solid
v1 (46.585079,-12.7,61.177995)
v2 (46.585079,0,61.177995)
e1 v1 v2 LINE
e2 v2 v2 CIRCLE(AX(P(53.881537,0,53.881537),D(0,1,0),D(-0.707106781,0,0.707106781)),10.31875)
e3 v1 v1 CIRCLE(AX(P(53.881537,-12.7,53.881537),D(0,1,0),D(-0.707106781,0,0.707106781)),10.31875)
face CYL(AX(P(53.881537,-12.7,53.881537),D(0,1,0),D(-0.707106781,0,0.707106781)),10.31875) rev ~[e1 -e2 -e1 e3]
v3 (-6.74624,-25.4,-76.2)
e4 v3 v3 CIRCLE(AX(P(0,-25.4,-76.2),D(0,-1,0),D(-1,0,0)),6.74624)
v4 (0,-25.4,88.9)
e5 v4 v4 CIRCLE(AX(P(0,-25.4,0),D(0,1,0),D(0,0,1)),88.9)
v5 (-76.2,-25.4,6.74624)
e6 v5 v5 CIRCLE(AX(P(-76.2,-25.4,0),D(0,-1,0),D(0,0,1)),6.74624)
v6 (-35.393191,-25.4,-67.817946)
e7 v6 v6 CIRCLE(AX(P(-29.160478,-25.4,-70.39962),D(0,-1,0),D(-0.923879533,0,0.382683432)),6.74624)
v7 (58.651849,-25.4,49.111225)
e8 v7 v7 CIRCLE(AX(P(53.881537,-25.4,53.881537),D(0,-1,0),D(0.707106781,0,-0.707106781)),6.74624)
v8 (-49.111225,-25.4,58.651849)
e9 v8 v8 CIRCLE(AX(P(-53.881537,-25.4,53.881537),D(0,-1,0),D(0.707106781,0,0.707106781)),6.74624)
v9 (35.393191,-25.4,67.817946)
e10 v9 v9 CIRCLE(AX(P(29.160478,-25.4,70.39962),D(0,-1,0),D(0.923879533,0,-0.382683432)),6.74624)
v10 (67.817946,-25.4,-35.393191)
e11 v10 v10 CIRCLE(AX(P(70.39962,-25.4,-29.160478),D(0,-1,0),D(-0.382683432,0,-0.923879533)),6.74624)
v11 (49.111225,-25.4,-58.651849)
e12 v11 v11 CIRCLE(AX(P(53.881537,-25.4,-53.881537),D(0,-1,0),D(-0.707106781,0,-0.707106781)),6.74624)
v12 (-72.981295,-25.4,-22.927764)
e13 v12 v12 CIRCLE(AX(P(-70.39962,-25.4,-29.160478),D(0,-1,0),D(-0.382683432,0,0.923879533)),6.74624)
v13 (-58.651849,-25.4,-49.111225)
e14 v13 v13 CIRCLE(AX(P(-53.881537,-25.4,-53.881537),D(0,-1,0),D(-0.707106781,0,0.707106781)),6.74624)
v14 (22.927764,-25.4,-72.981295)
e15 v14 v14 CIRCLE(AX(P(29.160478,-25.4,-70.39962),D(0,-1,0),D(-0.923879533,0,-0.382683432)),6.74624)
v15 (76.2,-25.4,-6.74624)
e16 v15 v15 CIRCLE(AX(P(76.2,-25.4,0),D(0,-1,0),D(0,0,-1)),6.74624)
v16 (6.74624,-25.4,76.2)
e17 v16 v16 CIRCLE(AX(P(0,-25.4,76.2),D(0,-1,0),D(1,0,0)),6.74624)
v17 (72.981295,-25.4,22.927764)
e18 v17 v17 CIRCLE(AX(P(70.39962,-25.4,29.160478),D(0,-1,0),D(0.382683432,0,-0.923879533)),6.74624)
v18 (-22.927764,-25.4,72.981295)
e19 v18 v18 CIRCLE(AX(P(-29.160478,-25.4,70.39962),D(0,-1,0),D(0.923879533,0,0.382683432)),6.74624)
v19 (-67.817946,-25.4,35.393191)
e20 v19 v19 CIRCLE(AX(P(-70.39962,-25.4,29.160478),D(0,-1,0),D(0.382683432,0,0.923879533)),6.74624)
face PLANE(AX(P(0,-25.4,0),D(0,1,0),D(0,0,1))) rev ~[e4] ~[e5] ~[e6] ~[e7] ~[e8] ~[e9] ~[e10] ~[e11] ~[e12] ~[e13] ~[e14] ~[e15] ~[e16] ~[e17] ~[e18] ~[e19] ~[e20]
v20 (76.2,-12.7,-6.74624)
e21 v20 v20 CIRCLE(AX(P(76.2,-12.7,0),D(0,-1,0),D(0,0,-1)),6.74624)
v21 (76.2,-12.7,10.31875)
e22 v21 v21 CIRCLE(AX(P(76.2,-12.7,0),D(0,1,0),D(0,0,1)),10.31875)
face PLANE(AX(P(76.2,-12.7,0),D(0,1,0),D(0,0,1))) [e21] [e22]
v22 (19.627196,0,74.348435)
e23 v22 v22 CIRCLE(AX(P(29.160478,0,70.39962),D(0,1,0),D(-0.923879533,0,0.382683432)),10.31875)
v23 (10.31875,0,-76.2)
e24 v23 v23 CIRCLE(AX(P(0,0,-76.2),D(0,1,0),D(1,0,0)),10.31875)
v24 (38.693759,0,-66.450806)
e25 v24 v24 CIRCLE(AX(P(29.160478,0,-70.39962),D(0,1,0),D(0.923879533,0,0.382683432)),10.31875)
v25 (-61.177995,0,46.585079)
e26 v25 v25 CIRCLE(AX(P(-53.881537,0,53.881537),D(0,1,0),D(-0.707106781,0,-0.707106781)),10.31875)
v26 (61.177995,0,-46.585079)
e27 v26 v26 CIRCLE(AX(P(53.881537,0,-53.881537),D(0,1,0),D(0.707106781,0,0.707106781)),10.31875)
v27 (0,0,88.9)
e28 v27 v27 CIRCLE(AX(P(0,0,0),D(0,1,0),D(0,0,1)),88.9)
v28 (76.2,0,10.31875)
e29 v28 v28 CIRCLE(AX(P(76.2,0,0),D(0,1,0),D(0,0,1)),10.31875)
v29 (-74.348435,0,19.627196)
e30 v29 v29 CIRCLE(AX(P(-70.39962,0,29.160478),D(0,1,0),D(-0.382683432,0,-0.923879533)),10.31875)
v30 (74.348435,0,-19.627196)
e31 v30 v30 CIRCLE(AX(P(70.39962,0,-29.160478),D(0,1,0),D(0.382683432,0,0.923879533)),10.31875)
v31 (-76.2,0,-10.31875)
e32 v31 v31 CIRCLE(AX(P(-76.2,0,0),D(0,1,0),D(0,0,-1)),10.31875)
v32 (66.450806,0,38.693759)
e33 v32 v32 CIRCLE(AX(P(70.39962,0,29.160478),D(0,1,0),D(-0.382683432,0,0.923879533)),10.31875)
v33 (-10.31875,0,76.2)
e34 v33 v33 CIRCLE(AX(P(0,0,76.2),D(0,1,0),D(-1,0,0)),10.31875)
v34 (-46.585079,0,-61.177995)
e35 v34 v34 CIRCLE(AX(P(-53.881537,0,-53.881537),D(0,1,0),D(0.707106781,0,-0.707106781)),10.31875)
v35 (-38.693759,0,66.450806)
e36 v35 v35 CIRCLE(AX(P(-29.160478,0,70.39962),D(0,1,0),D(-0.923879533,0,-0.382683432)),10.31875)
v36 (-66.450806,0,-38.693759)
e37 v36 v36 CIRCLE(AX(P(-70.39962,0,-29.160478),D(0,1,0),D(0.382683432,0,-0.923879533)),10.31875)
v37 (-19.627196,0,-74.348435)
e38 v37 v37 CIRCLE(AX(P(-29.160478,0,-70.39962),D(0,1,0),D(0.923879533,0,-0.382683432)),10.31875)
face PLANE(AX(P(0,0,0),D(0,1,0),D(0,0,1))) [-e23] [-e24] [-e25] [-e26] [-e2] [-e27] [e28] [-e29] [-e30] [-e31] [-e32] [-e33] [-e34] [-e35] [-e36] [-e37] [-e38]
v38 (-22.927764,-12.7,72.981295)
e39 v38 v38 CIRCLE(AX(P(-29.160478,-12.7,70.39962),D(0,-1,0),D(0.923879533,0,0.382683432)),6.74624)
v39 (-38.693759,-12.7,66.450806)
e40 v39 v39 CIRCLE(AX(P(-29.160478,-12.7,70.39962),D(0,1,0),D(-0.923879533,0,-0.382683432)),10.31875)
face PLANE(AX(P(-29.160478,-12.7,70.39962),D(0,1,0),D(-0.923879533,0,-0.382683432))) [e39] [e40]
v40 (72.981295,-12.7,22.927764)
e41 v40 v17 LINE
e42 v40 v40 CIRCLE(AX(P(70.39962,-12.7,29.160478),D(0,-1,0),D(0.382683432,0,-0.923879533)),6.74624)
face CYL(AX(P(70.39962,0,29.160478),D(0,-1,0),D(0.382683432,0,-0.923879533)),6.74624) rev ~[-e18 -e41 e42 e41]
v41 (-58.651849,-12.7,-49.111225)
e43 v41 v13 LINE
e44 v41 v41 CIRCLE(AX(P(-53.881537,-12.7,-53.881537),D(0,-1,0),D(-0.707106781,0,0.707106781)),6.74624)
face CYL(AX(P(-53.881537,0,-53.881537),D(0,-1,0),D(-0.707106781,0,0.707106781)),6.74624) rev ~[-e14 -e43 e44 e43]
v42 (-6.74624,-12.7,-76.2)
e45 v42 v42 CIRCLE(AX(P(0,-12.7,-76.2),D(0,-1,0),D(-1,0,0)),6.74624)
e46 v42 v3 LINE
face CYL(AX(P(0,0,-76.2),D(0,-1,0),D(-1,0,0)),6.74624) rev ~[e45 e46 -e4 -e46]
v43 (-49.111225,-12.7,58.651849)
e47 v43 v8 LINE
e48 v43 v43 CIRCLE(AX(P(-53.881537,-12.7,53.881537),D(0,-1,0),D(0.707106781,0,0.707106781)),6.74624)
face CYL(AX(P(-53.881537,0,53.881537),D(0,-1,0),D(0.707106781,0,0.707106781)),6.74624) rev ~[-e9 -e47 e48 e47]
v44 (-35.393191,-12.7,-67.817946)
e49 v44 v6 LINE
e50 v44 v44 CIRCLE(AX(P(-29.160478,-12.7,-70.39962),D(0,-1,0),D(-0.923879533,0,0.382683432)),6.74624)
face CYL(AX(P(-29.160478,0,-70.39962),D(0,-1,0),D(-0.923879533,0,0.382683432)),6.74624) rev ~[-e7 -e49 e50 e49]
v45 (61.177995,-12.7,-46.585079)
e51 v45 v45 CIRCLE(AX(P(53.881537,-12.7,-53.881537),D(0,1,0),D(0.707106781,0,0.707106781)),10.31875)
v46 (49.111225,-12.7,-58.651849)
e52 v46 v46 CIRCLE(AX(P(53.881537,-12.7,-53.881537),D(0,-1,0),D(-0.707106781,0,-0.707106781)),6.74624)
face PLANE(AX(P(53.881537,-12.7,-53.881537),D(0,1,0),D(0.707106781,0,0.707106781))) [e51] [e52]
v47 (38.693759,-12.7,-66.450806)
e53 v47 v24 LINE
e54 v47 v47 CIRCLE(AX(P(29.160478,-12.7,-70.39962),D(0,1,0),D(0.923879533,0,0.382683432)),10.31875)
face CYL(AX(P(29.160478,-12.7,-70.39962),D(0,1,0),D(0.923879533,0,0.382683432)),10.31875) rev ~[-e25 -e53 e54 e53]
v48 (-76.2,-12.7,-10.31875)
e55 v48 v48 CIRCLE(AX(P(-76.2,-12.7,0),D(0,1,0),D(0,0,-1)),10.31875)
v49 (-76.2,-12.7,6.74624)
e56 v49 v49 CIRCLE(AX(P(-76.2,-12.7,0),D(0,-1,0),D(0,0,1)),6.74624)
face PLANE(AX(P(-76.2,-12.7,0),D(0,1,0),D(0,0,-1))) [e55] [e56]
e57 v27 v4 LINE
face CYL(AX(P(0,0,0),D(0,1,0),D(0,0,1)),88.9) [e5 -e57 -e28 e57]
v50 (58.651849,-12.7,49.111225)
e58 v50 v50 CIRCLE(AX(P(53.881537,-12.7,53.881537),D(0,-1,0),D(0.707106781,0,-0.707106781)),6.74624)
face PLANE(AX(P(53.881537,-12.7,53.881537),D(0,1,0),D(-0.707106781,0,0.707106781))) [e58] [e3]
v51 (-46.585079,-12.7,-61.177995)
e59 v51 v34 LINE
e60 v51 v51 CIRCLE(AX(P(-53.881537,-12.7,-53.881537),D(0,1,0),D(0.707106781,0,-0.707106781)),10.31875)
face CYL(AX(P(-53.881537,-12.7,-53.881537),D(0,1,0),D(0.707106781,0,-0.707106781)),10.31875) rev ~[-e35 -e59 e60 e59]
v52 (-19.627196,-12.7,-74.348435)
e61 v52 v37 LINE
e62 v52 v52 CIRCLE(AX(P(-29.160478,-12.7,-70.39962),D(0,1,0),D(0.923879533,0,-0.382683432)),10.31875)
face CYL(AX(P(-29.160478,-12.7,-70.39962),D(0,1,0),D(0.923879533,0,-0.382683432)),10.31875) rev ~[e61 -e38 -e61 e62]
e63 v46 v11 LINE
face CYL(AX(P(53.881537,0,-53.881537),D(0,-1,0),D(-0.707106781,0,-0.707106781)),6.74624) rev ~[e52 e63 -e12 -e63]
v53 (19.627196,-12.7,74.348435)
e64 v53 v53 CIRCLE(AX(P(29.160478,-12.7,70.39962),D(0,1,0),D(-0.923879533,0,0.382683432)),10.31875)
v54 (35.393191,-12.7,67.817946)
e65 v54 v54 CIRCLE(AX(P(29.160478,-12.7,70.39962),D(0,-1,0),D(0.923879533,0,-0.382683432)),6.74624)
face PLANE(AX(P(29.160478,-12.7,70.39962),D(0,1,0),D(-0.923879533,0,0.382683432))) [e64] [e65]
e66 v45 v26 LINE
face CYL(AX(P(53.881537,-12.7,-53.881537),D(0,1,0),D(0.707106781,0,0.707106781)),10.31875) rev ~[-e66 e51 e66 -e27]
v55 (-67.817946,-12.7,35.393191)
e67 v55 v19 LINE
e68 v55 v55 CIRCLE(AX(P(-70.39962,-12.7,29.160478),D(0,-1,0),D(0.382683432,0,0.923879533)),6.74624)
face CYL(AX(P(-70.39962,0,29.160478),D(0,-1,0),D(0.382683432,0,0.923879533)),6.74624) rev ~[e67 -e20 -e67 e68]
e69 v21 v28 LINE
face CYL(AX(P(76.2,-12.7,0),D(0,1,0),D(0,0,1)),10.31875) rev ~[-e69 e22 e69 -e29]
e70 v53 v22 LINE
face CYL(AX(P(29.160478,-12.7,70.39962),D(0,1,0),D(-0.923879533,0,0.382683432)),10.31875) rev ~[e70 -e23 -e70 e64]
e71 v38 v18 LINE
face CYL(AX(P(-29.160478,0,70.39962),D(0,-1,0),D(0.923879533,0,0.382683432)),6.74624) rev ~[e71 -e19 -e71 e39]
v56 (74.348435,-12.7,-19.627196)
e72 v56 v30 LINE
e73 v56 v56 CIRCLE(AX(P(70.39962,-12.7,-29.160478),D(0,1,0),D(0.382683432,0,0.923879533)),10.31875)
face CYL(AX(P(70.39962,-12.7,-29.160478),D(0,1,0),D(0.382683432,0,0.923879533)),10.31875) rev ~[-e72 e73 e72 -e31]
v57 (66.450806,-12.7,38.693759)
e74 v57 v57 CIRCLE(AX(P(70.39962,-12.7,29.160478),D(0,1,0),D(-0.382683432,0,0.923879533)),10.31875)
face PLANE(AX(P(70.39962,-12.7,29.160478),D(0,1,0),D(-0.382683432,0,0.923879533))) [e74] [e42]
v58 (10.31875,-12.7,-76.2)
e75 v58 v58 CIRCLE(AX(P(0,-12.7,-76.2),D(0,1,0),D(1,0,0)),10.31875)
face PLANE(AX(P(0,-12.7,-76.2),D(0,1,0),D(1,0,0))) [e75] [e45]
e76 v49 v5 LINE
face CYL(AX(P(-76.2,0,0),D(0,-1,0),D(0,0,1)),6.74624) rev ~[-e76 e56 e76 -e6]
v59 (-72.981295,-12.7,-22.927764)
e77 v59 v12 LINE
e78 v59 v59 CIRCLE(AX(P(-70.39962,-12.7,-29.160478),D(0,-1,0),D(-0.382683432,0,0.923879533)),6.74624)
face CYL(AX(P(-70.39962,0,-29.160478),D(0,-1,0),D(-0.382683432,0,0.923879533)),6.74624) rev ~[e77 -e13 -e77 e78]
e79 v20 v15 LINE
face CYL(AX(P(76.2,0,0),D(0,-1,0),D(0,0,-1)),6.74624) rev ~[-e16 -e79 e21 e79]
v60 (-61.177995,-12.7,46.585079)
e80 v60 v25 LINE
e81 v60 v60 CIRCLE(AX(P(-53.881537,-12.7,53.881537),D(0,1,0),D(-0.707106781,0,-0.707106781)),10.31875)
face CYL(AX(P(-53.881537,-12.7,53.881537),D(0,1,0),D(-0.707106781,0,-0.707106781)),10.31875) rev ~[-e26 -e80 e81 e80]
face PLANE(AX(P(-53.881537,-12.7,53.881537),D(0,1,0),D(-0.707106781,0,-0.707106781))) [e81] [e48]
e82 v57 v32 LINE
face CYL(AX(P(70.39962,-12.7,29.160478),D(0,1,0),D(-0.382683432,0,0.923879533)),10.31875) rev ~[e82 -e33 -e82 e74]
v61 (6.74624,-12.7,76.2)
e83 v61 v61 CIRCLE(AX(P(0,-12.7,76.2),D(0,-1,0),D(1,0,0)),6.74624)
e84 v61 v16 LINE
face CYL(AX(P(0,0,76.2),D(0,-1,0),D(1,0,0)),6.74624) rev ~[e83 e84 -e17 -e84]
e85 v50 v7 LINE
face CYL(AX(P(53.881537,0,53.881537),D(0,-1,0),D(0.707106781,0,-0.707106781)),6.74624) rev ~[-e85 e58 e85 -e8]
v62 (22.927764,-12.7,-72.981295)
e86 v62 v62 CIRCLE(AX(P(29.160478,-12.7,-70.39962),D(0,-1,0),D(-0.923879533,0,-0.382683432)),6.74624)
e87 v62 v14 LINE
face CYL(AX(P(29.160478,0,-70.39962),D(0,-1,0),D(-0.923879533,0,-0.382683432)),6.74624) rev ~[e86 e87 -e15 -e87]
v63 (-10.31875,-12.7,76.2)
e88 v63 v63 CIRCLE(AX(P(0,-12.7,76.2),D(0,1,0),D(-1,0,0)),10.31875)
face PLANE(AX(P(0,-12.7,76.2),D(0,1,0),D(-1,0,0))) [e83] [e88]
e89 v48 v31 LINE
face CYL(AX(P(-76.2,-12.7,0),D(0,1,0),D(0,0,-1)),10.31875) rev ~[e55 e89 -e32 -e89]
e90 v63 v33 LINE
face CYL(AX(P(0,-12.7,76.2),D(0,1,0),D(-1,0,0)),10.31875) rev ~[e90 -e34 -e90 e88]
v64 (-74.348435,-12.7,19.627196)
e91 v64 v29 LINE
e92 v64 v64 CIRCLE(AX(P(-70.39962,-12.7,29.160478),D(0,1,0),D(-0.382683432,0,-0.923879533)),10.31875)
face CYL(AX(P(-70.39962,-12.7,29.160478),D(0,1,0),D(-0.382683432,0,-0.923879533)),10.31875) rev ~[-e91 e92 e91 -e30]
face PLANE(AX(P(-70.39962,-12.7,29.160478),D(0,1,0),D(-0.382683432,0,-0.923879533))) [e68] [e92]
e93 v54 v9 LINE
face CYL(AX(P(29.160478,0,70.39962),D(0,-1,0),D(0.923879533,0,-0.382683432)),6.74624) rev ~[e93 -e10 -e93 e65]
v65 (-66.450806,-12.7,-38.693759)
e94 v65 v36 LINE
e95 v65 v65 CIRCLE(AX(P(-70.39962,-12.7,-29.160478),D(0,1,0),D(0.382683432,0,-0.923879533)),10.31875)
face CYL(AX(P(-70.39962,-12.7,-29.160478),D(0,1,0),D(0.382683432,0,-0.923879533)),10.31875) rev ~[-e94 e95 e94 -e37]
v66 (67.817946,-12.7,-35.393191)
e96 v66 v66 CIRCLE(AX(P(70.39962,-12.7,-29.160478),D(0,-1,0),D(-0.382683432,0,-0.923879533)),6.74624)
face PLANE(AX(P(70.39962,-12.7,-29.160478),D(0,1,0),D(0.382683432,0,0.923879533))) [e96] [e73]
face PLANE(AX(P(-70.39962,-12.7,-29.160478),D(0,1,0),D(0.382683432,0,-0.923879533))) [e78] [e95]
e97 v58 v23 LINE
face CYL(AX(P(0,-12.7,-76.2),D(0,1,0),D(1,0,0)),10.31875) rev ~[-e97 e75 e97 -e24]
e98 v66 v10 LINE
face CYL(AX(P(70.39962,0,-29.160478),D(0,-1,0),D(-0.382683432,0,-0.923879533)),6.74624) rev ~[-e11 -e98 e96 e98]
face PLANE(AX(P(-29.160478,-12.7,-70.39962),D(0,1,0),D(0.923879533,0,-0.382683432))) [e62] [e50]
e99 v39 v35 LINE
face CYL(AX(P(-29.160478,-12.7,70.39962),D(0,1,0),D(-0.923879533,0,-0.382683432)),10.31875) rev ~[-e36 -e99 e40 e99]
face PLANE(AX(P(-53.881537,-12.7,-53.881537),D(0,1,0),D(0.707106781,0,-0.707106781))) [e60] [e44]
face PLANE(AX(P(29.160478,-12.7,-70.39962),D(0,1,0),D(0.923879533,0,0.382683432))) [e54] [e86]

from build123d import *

# Parameters (mm, degrees)
SKETCH1_R                                        = 88.9
BOSS_EXTRUDE1_DEPTH                              = 25.4
CBORE_FOR_1_2_SOCKET_HEAD_CAP_SCREW1_D           = 13.49248
CBORE_FOR_1_2_SOCKET_HEAD_CAP_SCREW1_CBORE_D     = 20.6375
CBORE_FOR_1_2_SOCKET_HEAD_CAP_SCREW1_CBORE_DEPTH = 12.7
CIRPATTERN1_COUNT                                = 16


with BuildPart() as part:
    # Sketch1 → Boss-Extrude1 (new body)
    with BuildSketch(Plane(origin=(0, 0, 0), x_dir=(1, 0, 0), z_dir=(0, 1, 0))):
        with Locations(Location((0, 0, 0), (0, 0, 270))):
            Circle(SKETCH1_R)
    extrude(amount=-BOSS_EXTRUDE1_DEPTH)

    # CBORE for 1/2 Socket Head Cap Screw1 (through all)
    with Locations(Plane(origin=(0, 0, 0), x_dir=(1, 0, 0), z_dir=(0, 1, 0))):
        with Locations((0, 76.2)):
            cbore_for_1_2_socket_head_cap_screw1 = CounterBoreHole(CBORE_FOR_1_2_SOCKET_HEAD_CAP_SCREW1_D / 2, CBORE_FOR_1_2_SOCKET_HEAD_CAP_SCREW1_CBORE_D / 2, CBORE_FOR_1_2_SOCKET_HEAD_CAP_SCREW1_CBORE_DEPTH)

    # CirPattern1: CBORE for 1/2 Socket Head Cap Screw1 ×16 about axis
    cirpattern1_axis = Axis((0, 0, 0), (0, 1, 0))
    for i in range(1, CIRPATTERN1_COUNT):
        add(cbore_for_1_2_socket_head_cap_screw1.rotate(cirpattern1_axis, i * 360 / CIRPATTERN1_COUNT), mode=Mode.SUBTRACT)


solid = part.part
